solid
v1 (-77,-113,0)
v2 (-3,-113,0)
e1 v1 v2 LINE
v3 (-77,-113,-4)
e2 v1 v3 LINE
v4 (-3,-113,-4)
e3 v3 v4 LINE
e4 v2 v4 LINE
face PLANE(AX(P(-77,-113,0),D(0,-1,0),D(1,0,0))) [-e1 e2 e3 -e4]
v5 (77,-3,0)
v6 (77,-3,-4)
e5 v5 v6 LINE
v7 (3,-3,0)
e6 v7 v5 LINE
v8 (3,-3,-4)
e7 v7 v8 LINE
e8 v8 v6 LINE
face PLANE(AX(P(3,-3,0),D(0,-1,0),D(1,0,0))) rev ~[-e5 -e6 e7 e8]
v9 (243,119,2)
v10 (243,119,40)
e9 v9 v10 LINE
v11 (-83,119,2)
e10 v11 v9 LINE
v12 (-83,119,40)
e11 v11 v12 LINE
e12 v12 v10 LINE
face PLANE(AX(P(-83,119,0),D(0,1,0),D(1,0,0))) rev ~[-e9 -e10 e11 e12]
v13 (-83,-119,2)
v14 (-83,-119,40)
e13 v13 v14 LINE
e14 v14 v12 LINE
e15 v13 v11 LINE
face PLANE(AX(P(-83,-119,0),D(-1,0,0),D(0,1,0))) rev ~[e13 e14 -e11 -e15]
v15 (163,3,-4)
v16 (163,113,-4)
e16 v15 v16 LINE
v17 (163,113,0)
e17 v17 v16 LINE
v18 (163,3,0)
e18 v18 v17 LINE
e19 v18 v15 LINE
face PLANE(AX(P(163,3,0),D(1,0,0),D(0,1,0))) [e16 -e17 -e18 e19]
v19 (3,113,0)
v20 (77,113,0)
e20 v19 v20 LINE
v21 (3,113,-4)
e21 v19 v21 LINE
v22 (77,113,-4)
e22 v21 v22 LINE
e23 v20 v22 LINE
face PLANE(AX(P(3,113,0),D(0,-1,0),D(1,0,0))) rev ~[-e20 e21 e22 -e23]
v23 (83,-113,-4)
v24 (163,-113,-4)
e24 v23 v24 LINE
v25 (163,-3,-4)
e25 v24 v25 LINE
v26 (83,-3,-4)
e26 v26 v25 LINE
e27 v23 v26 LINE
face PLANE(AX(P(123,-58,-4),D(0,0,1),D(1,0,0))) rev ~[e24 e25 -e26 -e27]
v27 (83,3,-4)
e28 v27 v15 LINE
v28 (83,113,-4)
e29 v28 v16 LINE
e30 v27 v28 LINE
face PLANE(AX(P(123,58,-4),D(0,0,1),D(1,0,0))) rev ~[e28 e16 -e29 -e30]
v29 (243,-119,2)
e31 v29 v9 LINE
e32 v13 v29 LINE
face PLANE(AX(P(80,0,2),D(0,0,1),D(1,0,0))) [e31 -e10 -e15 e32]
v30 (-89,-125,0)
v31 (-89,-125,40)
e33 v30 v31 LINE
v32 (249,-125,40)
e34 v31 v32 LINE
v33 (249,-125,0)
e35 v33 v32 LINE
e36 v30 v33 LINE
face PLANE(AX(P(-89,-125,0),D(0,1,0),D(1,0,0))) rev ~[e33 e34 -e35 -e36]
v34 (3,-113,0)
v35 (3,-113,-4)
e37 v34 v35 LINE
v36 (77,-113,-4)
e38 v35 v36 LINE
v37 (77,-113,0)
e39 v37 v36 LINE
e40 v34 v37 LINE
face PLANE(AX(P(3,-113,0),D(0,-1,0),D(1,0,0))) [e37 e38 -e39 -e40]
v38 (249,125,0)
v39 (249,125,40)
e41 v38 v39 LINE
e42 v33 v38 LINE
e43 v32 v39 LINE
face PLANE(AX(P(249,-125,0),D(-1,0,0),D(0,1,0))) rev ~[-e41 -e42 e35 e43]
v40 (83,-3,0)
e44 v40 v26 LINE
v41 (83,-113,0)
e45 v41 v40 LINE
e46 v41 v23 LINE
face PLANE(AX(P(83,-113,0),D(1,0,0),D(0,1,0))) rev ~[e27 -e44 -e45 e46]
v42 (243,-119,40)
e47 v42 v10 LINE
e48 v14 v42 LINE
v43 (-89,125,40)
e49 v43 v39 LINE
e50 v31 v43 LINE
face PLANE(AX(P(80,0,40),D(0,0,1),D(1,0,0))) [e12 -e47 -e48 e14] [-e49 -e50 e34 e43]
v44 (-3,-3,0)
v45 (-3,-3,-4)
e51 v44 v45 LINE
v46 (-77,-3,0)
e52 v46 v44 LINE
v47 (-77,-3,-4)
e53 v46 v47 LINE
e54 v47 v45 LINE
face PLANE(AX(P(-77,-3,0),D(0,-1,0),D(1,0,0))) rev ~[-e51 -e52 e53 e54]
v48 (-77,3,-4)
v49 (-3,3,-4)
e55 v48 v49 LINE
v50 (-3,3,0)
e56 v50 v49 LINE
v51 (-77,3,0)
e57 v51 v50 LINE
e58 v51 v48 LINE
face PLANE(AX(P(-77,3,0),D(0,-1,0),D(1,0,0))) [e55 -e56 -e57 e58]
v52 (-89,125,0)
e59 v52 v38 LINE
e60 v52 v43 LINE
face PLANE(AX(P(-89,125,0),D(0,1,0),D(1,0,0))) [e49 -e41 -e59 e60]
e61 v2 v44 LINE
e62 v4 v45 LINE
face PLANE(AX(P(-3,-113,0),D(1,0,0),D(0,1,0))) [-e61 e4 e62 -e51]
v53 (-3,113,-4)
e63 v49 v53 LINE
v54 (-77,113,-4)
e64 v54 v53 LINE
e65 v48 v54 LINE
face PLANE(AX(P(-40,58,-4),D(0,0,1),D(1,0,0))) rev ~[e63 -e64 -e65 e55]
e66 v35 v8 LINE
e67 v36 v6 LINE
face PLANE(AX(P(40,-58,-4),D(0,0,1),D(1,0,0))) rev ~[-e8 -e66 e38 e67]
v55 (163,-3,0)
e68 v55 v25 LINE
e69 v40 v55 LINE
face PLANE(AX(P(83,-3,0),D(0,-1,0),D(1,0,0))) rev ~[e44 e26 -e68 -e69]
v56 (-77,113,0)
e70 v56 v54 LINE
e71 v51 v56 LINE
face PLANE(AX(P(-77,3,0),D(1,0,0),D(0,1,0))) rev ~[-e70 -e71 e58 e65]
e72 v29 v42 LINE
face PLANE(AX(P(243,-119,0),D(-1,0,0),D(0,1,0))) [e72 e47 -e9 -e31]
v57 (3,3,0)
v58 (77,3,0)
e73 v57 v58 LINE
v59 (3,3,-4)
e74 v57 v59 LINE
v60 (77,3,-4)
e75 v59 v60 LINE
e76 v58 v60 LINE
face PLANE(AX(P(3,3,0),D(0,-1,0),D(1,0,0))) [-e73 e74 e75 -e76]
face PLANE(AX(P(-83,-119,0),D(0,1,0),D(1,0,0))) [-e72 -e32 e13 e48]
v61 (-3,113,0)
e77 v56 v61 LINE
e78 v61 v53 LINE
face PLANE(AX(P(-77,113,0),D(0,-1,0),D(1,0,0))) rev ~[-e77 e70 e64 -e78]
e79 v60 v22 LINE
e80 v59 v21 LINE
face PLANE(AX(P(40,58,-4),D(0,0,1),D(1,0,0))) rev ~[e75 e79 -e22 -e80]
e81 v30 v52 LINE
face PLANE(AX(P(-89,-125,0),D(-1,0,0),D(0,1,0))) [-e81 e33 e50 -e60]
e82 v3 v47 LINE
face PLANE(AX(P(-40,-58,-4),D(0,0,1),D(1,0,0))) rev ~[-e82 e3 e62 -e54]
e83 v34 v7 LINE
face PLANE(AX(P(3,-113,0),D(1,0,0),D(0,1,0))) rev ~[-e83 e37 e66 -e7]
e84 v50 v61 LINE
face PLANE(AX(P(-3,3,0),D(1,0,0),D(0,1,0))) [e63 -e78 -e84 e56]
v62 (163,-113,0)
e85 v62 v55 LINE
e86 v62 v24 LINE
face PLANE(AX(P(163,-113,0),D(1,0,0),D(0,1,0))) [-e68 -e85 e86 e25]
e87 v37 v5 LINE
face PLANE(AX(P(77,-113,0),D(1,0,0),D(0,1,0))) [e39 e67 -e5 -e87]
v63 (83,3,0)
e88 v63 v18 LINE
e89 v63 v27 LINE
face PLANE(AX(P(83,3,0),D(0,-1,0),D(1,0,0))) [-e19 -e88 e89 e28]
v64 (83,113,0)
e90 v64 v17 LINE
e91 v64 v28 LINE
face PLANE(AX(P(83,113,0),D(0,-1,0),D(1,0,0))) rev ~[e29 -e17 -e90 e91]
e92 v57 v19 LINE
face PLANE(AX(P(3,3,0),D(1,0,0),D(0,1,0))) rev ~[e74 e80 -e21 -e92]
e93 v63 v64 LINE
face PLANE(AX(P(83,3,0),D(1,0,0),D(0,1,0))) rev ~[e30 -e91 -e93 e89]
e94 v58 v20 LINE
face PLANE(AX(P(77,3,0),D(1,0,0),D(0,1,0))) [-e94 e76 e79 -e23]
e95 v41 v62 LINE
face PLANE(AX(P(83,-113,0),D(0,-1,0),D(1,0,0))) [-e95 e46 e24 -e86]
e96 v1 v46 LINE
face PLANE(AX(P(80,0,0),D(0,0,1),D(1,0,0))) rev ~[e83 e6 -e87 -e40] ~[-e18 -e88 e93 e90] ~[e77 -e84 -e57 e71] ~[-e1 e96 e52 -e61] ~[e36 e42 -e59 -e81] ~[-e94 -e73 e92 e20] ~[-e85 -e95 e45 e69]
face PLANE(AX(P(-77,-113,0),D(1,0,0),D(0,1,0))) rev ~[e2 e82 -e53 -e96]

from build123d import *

# Parameters (mm, degrees)
F0_W     = 326
F0_H     = 238
F0_W_2   = 74
F0_H_2   = 110
F0_W_3   = 80
F1_DEPTH = 2
F2_DEPTH = 4
F0_W_4   = 338
F0_H_3   = 250
F3_DEPTH = 40


with BuildPart() as f1:
    # F0 (on Top) → F1 (new body)
    with BuildSketch(Plane.XY):
        with Locations((80, 0)):
            Rectangle(F0_W, F0_H)
        with Locations((-40, -58)):
            Rectangle(F0_W_2, F0_H_2, mode=Mode.SUBTRACT)
        with Locations((40, -58)):
            Rectangle(F0_W_2, F0_H_2, mode=Mode.SUBTRACT)
        with Locations((123, -58)):
            Rectangle(F0_W_3, F0_H_2, mode=Mode.SUBTRACT)
        with Locations((-40, 58)):
            Rectangle(F0_W_2, F0_H_2, mode=Mode.SUBTRACT)
        with Locations((40, 58)):
            Rectangle(F0_W_2, F0_H_2, mode=Mode.SUBTRACT)
        with Locations((123, 58)):
            Rectangle(F0_W_3, F0_H_2, mode=Mode.SUBTRACT)
        with Locations((123, -58)):
            Rectangle(F0_W_3, F0_H_2)
        with Locations((123, 58)):
            Rectangle(F0_W_3, F0_H_2)
        with Locations((40, 58)):
            Rectangle(F0_W_2, F0_H_2)
        with Locations((40, -58)):
            Rectangle(F0_W_2, F0_H_2)
        with Locations((-40, -58)):
            Rectangle(F0_W_2, F0_H_2)
        with Locations((-40, 58)):
            Rectangle(F0_W_2, F0_H_2)
    extrude(amount=F1_DEPTH)

    # F0 (on Top) → F2 (join)
    with BuildSketch(Plane.XY):
        with Locations((123, -58)):
            Rectangle(F0_W_3, F0_H_2)
        with Locations((40, -58)):
            Rectangle(F0_W_2, F0_H_2)
        with Locations((-40, -58)):
            Rectangle(F0_W_2, F0_H_2)
        with Locations((123, 58)):
            Rectangle(F0_W_3, F0_H_2)
        with Locations((40, 58)):
            Rectangle(F0_W_2, F0_H_2)
        with Locations((-40, 58)):
            Rectangle(F0_W_2, F0_H_2)
    extrude(amount=-F2_DEPTH)

    # F0 (on Top) → F3 (join)
    with BuildSketch(Plane.XY):
        with Locations((80, 0)):
            Rectangle(F0_W_4, F0_H_3)
        with Locations((80, 0)):
            Rectangle(F0_W, F0_H, mode=Mode.SUBTRACT)
    extrude(amount=F3_DEPTH)


solid = f1.part
